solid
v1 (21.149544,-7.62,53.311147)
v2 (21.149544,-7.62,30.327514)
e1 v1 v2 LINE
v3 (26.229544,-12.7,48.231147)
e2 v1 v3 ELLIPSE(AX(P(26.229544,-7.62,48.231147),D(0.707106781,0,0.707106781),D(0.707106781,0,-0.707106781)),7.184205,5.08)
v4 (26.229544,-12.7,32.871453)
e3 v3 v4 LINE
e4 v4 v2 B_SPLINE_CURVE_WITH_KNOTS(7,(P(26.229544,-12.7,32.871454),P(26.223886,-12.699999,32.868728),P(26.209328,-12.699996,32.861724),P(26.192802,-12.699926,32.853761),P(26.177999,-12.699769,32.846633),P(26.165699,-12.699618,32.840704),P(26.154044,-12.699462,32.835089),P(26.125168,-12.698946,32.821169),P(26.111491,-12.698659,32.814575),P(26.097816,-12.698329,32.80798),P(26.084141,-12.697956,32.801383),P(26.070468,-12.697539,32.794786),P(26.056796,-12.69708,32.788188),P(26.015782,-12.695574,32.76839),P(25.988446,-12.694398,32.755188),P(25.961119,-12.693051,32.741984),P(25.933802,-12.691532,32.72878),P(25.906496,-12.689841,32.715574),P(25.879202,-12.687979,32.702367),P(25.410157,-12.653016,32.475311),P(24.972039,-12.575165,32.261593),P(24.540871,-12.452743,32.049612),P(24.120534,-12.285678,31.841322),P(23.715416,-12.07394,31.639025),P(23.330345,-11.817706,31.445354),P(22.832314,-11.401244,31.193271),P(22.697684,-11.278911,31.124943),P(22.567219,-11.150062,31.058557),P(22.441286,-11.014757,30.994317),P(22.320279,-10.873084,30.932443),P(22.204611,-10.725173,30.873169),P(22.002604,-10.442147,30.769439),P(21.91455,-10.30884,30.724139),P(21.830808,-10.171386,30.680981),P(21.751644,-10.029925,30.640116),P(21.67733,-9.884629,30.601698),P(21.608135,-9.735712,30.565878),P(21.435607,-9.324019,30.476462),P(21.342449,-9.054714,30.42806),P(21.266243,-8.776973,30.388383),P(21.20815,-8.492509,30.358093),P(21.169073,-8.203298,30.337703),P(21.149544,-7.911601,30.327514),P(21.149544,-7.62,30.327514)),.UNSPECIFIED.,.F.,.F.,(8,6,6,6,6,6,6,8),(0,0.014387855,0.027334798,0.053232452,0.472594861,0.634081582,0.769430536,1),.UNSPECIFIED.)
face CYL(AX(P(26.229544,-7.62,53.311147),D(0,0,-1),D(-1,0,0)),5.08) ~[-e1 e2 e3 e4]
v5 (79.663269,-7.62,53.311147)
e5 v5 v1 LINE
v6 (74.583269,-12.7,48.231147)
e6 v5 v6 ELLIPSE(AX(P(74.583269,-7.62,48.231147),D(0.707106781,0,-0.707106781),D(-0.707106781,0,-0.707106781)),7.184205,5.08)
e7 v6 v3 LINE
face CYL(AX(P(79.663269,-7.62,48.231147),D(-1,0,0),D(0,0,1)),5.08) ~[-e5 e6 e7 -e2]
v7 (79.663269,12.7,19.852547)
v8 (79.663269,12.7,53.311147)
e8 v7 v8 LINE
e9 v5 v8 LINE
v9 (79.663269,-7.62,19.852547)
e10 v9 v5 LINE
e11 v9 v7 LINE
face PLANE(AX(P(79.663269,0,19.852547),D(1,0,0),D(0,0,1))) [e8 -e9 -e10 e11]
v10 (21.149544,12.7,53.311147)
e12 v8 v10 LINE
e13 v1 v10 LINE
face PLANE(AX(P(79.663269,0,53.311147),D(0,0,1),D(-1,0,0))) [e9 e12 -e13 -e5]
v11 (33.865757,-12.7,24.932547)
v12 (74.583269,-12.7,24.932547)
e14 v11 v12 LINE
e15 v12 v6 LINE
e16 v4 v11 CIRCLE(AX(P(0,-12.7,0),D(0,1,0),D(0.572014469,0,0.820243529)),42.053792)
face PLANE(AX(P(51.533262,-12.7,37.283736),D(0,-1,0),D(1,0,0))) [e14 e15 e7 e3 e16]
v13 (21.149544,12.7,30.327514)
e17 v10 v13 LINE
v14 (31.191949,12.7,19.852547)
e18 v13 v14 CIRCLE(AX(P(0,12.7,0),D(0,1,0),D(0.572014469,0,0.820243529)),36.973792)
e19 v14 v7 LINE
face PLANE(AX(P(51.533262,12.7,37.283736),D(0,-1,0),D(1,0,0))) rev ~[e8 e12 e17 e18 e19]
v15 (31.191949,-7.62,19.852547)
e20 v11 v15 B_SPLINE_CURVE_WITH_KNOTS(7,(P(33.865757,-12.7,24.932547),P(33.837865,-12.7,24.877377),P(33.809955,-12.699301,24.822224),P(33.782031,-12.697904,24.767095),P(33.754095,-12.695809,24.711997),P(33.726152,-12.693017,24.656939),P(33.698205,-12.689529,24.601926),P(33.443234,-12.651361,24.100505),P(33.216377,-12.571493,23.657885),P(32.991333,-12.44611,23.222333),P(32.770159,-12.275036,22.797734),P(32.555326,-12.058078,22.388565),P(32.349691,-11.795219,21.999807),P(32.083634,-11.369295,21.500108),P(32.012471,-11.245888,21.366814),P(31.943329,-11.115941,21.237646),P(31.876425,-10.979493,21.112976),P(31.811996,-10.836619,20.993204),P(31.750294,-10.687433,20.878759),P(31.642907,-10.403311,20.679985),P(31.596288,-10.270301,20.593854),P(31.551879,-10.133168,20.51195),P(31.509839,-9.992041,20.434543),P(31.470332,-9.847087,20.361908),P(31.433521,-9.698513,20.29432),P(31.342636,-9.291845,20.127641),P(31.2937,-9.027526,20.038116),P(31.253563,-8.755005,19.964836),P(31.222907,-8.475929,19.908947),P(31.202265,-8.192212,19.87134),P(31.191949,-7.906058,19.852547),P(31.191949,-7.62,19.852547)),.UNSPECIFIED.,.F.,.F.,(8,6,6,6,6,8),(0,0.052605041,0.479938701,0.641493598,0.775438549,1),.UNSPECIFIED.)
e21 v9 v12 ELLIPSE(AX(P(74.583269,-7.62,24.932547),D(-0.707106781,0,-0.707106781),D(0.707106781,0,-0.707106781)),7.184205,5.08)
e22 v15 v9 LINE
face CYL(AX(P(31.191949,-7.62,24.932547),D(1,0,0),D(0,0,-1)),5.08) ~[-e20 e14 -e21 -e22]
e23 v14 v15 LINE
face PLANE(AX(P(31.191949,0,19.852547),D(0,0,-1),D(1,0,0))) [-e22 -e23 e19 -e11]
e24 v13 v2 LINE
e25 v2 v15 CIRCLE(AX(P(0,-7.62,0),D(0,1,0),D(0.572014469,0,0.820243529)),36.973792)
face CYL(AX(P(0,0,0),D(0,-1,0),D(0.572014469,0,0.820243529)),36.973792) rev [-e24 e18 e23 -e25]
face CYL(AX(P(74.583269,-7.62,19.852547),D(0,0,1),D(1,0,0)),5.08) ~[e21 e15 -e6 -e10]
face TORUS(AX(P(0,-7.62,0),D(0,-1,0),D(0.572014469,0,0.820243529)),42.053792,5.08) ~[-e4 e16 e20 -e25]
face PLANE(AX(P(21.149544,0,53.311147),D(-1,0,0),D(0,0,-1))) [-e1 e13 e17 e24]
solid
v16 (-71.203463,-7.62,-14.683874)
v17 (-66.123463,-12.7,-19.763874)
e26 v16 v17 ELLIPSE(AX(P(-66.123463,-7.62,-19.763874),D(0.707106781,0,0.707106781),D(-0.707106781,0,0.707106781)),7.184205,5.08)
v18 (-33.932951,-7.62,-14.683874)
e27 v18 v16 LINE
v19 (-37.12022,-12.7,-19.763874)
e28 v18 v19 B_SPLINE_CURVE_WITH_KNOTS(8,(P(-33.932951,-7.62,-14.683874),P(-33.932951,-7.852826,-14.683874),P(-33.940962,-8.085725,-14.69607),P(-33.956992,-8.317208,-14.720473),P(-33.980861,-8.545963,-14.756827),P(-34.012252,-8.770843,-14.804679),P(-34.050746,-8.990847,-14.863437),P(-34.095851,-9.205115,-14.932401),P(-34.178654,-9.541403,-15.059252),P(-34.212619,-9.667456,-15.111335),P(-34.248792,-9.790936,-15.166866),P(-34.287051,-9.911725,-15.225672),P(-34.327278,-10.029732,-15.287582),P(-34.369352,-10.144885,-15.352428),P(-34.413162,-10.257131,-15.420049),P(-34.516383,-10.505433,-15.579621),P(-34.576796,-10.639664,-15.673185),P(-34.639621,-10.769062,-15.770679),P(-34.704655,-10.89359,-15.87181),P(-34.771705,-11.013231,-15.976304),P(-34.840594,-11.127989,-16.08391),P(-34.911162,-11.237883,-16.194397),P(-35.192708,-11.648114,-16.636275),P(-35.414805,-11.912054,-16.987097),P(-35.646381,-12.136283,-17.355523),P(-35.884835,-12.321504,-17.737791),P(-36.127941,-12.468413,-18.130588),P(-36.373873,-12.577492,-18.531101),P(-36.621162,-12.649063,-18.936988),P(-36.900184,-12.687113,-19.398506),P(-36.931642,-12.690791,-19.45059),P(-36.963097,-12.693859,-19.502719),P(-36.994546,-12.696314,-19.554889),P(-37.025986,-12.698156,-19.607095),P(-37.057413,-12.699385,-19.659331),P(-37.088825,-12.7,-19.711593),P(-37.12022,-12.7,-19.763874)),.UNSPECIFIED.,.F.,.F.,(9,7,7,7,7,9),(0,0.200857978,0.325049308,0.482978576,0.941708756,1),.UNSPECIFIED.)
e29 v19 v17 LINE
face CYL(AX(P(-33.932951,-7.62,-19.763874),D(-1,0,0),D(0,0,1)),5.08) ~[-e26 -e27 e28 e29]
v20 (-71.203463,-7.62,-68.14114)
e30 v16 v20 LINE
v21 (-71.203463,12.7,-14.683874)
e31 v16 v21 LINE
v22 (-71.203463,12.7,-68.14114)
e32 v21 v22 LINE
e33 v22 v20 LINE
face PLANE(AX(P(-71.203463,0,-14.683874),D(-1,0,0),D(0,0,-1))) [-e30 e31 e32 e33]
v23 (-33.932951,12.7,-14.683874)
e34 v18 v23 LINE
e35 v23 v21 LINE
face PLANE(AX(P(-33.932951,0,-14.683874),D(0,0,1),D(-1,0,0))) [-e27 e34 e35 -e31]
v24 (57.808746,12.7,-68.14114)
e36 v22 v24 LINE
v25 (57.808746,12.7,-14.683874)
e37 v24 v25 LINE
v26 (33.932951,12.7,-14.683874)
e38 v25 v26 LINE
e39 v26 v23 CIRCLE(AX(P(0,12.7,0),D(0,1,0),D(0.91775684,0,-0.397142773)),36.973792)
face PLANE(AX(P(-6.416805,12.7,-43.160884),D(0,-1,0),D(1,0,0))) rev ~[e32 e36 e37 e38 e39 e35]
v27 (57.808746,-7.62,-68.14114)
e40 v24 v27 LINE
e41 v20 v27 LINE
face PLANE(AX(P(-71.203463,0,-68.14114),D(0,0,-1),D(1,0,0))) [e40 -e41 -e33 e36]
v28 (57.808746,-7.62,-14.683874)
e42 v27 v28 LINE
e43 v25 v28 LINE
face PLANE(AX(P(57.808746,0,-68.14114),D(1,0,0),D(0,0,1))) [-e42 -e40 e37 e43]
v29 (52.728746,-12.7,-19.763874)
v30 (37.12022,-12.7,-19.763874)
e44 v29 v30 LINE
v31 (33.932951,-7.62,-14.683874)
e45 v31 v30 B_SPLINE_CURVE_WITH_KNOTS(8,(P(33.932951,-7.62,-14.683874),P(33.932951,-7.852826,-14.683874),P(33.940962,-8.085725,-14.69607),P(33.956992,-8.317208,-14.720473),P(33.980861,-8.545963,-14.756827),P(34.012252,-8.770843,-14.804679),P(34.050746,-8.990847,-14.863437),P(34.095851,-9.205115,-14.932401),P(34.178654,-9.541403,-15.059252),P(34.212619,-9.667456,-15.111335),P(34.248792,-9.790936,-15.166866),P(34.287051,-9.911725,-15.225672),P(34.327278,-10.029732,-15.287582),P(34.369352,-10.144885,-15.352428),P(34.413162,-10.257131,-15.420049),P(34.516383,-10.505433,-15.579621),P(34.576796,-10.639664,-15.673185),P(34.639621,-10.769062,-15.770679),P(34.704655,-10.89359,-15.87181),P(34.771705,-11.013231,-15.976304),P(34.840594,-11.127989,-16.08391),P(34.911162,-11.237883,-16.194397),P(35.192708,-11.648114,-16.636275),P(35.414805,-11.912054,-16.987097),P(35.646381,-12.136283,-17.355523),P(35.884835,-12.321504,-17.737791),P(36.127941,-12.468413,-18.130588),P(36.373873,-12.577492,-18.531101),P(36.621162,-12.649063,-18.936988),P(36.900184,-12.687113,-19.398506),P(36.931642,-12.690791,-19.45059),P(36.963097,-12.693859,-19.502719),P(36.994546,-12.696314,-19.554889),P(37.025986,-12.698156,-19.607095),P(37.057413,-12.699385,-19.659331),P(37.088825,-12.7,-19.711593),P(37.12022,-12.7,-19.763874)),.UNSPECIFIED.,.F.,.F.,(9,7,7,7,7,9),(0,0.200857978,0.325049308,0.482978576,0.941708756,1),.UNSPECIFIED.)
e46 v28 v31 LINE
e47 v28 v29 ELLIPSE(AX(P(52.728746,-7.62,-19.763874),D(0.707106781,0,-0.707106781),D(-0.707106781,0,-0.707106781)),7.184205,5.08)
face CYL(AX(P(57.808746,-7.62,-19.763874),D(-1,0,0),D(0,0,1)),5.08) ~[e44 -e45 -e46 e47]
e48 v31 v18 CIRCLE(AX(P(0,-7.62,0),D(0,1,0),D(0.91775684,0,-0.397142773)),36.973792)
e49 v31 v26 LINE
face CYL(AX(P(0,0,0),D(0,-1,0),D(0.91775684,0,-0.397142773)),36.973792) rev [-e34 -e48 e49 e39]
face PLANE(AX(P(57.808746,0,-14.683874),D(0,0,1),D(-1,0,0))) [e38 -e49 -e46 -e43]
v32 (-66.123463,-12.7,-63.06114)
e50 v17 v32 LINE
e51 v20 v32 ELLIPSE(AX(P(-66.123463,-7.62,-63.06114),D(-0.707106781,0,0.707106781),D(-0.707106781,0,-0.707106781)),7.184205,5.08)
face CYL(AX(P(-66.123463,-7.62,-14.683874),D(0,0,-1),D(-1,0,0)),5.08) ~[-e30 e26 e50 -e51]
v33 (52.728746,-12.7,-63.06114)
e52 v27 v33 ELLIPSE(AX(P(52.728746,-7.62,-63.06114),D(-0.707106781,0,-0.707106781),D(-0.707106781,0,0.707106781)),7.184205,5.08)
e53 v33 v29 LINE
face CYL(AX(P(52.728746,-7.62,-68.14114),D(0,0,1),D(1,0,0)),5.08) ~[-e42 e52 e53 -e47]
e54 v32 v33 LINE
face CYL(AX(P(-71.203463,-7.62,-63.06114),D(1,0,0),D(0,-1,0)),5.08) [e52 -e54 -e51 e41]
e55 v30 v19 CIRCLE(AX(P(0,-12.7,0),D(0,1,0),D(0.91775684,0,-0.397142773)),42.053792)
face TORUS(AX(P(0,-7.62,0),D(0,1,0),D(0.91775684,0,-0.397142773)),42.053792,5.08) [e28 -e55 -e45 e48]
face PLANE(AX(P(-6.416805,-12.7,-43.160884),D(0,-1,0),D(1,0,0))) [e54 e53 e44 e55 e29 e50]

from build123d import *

# Parameters (mm, degrees)
F1_DEPTH = 12.7
F2_R     = 5.08
F2_2_R   = 5.08


with BuildPart() as f1:
    # F0 (on Front) → F1 (new body, symmetric)
    with BuildSketch(Plane.XZ):
        with BuildLine():
            Line((21.1495440453, 53.3111467957), (21.1495440453, 30.3275137133))
            ThreePointArc((21.1495440453, 30.3275137133), (26.6896834856, 25.5875379197), (31.1919489606, 19.852546975))
            Line((31.1919489606, 19.852546975), (79.6632692218, 19.852546975))
            Line((79.6632692218, 19.852546975), (79.6632692218, 53.3111467957))
            Line((79.6632692218, 53.3111467957), (21.1495440453, 53.3111467957))
        make_face()
    extrude(amount=F1_DEPTH, both=True)

    # F2#2
    f2_2_edges = [f1.edges().sort_by_distance(p)[0] for p in [
        (26.689683, -12.7, 25.587538),
        (21.149544, -12.7, 41.81933),
        (55.427609, -12.7, 19.852547),
        (50.406407, -12.7, 53.311147),
        (79.663269, -12.7, 36.581847),
    ]]
    fillet(f2_2_edges, radius=F2_2_R)


with BuildPart() as f1b:
    # F0 (on Front) → F1, piece 2 (new body, symmetric)
    with BuildSketch(Plane.XZ):
        with BuildLine():
            Line((-71.2034627795, -14.683874324), (-71.2034627795, -68.1411400437))
            Line((-71.2034627795, -68.1411400437), (57.8087456524, -68.1411400437))
            Line((57.8087456524, -68.1411400437), (57.8087456524, -14.683874324))
            Line((57.8087456524, -14.683874324), (33.9329505966, -14.683874324))
            ThreePointArc((33.9329505966, -14.683874324), (0, -36.9737920878), (-33.9329505966, -14.683874324))
            Line((-33.9329505966, -14.683874324), (-71.2034627795, -14.683874324))
        make_face()
    extrude(amount=F1_DEPTH, both=True)

    # F2
    f2_edges = [f1b.edges().sort_by_distance(p)[0] for p in [
        (-52.568207, -12.7, -14.683874),
        (0, -12.7, -36.973792),
        (45.870848, -12.7, -14.683874),
        (-71.203463, -12.7, -41.412507),
        (57.808746, -12.7, -41.412507),
        (-6.697359, -12.7, -68.14114),
    ]]
    fillet(f2_edges, radius=F2_R)


solid = Compound([f1.part, f1b.part])
